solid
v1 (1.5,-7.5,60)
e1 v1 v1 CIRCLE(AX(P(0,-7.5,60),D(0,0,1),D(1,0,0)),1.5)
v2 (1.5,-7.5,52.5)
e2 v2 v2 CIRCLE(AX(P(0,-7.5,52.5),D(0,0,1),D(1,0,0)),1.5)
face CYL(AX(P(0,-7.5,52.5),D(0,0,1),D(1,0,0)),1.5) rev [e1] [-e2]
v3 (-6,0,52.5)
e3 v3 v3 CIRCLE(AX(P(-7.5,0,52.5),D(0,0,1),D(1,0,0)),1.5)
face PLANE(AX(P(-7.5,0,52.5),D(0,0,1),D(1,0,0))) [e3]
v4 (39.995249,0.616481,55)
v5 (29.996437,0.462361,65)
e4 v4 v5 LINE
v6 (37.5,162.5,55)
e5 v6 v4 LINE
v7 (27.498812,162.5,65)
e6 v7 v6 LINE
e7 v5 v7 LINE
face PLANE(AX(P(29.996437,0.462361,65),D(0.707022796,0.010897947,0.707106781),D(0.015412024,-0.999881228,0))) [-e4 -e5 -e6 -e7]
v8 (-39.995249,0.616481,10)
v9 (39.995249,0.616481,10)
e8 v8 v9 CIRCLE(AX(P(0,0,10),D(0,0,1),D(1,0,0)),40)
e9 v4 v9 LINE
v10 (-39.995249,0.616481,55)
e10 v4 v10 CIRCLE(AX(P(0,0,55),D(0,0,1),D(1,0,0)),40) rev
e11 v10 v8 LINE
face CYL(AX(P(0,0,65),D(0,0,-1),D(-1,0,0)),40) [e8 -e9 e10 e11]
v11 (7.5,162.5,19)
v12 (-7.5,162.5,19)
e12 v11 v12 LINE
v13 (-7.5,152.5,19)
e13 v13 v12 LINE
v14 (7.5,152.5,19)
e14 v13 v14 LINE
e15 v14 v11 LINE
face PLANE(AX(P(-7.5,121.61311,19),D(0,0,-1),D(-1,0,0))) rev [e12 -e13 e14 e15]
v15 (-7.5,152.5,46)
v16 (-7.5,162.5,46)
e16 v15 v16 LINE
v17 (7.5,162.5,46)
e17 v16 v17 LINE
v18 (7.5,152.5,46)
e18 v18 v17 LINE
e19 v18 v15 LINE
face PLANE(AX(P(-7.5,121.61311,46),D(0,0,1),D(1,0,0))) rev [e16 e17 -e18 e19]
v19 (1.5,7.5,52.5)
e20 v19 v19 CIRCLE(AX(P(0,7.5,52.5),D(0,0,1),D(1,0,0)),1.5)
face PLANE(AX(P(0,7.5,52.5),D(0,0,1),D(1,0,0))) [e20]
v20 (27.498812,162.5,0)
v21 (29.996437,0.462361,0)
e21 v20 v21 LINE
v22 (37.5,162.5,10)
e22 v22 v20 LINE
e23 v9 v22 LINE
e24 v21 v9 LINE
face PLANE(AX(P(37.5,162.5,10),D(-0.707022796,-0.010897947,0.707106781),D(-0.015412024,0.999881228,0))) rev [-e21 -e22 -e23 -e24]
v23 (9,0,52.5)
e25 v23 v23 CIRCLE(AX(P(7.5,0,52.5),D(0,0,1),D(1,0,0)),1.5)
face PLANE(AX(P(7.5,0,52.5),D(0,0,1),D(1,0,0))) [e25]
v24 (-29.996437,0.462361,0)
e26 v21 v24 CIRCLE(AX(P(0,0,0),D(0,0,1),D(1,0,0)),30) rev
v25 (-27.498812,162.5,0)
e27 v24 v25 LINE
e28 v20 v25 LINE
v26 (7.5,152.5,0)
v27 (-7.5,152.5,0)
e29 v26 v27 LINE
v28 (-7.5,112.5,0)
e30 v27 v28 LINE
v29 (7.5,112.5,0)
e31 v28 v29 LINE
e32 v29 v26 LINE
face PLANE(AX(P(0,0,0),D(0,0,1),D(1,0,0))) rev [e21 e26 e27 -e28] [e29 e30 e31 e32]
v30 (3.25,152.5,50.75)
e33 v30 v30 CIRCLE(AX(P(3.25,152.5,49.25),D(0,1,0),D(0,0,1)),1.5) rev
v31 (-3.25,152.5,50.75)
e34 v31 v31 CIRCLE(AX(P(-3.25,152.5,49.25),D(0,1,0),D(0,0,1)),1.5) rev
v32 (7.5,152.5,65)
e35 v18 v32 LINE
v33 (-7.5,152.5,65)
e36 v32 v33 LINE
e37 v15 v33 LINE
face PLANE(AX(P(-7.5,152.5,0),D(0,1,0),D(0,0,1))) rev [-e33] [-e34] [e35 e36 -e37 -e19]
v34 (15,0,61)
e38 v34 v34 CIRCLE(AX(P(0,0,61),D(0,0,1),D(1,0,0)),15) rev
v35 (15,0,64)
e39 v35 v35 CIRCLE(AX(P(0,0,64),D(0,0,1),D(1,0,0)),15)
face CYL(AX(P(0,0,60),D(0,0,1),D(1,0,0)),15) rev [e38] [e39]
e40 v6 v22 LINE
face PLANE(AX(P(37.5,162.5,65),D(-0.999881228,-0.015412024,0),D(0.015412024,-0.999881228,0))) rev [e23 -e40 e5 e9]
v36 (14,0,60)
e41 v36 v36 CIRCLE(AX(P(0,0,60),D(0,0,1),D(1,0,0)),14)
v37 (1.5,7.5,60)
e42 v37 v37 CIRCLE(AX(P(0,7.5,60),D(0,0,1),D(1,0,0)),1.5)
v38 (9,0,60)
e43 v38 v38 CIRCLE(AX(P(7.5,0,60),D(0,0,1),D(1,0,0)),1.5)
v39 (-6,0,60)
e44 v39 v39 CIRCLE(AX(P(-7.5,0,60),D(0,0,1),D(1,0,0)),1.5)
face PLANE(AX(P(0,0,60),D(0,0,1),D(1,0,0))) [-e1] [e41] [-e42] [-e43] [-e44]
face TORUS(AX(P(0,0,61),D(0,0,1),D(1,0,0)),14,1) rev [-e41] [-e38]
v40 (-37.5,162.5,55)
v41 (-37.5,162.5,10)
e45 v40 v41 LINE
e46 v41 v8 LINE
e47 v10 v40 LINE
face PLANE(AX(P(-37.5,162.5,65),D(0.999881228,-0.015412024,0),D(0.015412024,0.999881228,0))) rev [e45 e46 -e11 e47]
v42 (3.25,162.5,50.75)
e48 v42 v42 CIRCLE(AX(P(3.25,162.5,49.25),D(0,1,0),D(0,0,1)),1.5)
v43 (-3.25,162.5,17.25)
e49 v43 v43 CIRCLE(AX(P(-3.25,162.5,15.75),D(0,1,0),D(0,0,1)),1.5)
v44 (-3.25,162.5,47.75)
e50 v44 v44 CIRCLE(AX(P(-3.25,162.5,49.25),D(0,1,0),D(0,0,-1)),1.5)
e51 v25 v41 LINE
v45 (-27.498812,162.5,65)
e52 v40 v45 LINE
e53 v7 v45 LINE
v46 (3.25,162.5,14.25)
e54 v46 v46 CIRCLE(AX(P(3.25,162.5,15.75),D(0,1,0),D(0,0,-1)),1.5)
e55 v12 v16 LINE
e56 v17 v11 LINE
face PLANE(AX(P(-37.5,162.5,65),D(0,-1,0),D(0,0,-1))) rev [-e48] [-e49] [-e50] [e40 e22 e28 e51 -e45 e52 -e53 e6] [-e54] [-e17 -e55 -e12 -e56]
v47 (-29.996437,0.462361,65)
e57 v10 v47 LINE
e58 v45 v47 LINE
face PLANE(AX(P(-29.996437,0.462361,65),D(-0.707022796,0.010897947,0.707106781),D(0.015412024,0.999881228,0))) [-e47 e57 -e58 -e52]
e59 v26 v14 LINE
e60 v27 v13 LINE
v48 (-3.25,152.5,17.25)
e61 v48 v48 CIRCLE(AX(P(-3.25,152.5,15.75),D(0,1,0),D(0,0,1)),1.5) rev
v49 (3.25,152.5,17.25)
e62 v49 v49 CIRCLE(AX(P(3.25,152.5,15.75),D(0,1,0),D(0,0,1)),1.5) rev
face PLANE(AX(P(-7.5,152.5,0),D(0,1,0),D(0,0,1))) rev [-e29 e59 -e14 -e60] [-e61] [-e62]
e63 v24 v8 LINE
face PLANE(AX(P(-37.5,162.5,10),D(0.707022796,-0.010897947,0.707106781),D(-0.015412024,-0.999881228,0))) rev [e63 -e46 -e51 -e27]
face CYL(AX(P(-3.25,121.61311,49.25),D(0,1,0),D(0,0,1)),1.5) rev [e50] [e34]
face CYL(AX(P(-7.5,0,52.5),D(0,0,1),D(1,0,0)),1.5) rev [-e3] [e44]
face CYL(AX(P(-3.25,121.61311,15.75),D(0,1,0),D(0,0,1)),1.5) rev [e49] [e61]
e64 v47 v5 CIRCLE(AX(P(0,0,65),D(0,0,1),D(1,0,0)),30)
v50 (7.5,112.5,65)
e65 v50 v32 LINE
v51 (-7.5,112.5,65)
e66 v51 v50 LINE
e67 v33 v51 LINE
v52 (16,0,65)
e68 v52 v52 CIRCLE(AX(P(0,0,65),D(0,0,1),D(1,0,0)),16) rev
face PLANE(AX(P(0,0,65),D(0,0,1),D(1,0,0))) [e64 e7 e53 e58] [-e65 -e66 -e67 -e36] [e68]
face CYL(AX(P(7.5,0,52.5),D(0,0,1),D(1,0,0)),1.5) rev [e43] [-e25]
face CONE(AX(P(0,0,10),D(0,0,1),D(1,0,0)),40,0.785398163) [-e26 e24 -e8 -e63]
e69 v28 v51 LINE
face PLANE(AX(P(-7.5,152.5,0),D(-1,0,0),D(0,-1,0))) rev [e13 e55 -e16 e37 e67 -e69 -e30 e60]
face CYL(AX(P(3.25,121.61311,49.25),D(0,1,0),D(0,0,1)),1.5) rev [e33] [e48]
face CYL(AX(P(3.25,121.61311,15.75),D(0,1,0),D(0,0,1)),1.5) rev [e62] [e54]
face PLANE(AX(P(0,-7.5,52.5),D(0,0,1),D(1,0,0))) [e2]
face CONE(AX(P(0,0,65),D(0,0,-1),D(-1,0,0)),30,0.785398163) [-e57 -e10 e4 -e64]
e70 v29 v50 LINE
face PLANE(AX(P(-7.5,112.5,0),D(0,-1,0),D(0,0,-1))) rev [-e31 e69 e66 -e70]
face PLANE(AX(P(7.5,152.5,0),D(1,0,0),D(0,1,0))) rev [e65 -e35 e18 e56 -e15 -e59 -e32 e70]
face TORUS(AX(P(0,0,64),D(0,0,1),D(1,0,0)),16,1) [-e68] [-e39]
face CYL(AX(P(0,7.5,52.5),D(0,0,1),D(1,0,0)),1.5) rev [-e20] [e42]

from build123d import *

# Parameters (mm, degrees)
BOSS_EXTRUDE1_DEPTH = 65
CHAMFER1_SIZE       = 10
SKETCH2_R           = 15
CUT_EXTRUDE1_DEPTH  = 5
SKETCH3_R           = 1.5
CUT_EXTRUDE2_DEPTH  = 7.5
FILLET1_R           = 1
SKETCH4_W           = 15
SKETCH4_H           = 40
CUT_EXTRUDE3_DEPTH  = 180.530638054
SKETCH5_R           = 1.5
SKETCH5_W           = 15
SKETCH5_H           = 27
CUT_EXTRUDE4_DEPTH  = 10


with BuildPart() as part:
    # Sketch1 → Boss-Extrude1 (new body)
    with BuildSketch(Plane.XY):
        with BuildLine():
            Line((-37.5, 162.5), (37.5, 162.5))
            Line((37.5, 162.5), (39.995249108, 0.616480975))
            ThreePointArc((39.995249108, 0.616480975), (0, -40), (-39.995249108, 0.616480975))
            Line((-39.995249108, 0.616480975), (-37.5, 162.5))
        make_face()
    extrude(amount=BOSS_EXTRUDE1_DEPTH)

    # Chamfer1
    chamfer1_edges = [part.edges().sort_by_distance(p)[0] for p in [
        (-38.747624554, 81.558240488, 65),
        (0, -40, 65),
        (38.747624554, 81.558240488, 65),
        (0, -40, 0),
        (-38.747624554, 81.558240488, 0),
        (38.747624554, 81.558240488, 0),
    ]]
    chamfer(chamfer1_edges, length=CHAMFER1_SIZE)

    # Sketch2 → Cut-Extrude1 (cut)
    with BuildSketch(Plane.XY.offset(65)):
        Circle(SKETCH2_R)
    extrude(amount=-CUT_EXTRUDE1_DEPTH, mode=Mode.SUBTRACT)

    # Sketch3 → Cut-Extrude2 (cut)
    with BuildSketch(Plane.XY.offset(60)):
        with Locations((0, 7.5)):
            Circle(SKETCH3_R)
        with Locations((7.5, 0)):
            Circle(SKETCH3_R)
        with Locations((0, -7.5)):
            Circle(SKETCH3_R)
        with Locations((-7.5, 0)):
            Circle(SKETCH3_R)
    extrude(amount=-CUT_EXTRUDE2_DEPTH, mode=Mode.SUBTRACT)

    # Fillet1
    fillet1_edges = [part.edges().sort_by_distance(p)[0] for p in [
        (-15, 0, 60),
        (-15, 0, 65),
    ]]
    fillet(fillet1_edges, radius=FILLET1_R)

    # Sketch4 → Cut-Extrude3 (cut, through all)
    with BuildSketch(Plane.XY.offset(65)):
        with Locations((0, 132.5)):
            Rectangle(SKETCH4_W, SKETCH4_H)
    extrude(amount=-CUT_EXTRUDE3_DEPTH, mode=Mode.SUBTRACT)

    # Sketch5 → Cut-Extrude4 (cut)
    with BuildSketch(Plane(origin=(0, 162.5, 0), x_dir=(1, 0, 0), z_dir=(0, 1, 0))):
        with Locations(Location((-3.25, -15.75, 0), (0, 0, 270))):
            Circle(SKETCH5_R)
        with Locations(Location((3.25, -15.75, 0), (0, 0, 270))):
            Circle(SKETCH5_R)
        with Locations(Location((3.25, -49.25, 0), (0, 0, 270))):
            Circle(SKETCH5_R)
        with Locations(Location((-3.25, -49.25, 0), (0, 0, 270))):
            Circle(SKETCH5_R)
        with Locations((0, -32.5)):
            Rectangle(SKETCH5_W, SKETCH5_H)
    extrude(amount=-CUT_EXTRUDE4_DEPTH, mode=Mode.SUBTRACT)


solid = part.part
